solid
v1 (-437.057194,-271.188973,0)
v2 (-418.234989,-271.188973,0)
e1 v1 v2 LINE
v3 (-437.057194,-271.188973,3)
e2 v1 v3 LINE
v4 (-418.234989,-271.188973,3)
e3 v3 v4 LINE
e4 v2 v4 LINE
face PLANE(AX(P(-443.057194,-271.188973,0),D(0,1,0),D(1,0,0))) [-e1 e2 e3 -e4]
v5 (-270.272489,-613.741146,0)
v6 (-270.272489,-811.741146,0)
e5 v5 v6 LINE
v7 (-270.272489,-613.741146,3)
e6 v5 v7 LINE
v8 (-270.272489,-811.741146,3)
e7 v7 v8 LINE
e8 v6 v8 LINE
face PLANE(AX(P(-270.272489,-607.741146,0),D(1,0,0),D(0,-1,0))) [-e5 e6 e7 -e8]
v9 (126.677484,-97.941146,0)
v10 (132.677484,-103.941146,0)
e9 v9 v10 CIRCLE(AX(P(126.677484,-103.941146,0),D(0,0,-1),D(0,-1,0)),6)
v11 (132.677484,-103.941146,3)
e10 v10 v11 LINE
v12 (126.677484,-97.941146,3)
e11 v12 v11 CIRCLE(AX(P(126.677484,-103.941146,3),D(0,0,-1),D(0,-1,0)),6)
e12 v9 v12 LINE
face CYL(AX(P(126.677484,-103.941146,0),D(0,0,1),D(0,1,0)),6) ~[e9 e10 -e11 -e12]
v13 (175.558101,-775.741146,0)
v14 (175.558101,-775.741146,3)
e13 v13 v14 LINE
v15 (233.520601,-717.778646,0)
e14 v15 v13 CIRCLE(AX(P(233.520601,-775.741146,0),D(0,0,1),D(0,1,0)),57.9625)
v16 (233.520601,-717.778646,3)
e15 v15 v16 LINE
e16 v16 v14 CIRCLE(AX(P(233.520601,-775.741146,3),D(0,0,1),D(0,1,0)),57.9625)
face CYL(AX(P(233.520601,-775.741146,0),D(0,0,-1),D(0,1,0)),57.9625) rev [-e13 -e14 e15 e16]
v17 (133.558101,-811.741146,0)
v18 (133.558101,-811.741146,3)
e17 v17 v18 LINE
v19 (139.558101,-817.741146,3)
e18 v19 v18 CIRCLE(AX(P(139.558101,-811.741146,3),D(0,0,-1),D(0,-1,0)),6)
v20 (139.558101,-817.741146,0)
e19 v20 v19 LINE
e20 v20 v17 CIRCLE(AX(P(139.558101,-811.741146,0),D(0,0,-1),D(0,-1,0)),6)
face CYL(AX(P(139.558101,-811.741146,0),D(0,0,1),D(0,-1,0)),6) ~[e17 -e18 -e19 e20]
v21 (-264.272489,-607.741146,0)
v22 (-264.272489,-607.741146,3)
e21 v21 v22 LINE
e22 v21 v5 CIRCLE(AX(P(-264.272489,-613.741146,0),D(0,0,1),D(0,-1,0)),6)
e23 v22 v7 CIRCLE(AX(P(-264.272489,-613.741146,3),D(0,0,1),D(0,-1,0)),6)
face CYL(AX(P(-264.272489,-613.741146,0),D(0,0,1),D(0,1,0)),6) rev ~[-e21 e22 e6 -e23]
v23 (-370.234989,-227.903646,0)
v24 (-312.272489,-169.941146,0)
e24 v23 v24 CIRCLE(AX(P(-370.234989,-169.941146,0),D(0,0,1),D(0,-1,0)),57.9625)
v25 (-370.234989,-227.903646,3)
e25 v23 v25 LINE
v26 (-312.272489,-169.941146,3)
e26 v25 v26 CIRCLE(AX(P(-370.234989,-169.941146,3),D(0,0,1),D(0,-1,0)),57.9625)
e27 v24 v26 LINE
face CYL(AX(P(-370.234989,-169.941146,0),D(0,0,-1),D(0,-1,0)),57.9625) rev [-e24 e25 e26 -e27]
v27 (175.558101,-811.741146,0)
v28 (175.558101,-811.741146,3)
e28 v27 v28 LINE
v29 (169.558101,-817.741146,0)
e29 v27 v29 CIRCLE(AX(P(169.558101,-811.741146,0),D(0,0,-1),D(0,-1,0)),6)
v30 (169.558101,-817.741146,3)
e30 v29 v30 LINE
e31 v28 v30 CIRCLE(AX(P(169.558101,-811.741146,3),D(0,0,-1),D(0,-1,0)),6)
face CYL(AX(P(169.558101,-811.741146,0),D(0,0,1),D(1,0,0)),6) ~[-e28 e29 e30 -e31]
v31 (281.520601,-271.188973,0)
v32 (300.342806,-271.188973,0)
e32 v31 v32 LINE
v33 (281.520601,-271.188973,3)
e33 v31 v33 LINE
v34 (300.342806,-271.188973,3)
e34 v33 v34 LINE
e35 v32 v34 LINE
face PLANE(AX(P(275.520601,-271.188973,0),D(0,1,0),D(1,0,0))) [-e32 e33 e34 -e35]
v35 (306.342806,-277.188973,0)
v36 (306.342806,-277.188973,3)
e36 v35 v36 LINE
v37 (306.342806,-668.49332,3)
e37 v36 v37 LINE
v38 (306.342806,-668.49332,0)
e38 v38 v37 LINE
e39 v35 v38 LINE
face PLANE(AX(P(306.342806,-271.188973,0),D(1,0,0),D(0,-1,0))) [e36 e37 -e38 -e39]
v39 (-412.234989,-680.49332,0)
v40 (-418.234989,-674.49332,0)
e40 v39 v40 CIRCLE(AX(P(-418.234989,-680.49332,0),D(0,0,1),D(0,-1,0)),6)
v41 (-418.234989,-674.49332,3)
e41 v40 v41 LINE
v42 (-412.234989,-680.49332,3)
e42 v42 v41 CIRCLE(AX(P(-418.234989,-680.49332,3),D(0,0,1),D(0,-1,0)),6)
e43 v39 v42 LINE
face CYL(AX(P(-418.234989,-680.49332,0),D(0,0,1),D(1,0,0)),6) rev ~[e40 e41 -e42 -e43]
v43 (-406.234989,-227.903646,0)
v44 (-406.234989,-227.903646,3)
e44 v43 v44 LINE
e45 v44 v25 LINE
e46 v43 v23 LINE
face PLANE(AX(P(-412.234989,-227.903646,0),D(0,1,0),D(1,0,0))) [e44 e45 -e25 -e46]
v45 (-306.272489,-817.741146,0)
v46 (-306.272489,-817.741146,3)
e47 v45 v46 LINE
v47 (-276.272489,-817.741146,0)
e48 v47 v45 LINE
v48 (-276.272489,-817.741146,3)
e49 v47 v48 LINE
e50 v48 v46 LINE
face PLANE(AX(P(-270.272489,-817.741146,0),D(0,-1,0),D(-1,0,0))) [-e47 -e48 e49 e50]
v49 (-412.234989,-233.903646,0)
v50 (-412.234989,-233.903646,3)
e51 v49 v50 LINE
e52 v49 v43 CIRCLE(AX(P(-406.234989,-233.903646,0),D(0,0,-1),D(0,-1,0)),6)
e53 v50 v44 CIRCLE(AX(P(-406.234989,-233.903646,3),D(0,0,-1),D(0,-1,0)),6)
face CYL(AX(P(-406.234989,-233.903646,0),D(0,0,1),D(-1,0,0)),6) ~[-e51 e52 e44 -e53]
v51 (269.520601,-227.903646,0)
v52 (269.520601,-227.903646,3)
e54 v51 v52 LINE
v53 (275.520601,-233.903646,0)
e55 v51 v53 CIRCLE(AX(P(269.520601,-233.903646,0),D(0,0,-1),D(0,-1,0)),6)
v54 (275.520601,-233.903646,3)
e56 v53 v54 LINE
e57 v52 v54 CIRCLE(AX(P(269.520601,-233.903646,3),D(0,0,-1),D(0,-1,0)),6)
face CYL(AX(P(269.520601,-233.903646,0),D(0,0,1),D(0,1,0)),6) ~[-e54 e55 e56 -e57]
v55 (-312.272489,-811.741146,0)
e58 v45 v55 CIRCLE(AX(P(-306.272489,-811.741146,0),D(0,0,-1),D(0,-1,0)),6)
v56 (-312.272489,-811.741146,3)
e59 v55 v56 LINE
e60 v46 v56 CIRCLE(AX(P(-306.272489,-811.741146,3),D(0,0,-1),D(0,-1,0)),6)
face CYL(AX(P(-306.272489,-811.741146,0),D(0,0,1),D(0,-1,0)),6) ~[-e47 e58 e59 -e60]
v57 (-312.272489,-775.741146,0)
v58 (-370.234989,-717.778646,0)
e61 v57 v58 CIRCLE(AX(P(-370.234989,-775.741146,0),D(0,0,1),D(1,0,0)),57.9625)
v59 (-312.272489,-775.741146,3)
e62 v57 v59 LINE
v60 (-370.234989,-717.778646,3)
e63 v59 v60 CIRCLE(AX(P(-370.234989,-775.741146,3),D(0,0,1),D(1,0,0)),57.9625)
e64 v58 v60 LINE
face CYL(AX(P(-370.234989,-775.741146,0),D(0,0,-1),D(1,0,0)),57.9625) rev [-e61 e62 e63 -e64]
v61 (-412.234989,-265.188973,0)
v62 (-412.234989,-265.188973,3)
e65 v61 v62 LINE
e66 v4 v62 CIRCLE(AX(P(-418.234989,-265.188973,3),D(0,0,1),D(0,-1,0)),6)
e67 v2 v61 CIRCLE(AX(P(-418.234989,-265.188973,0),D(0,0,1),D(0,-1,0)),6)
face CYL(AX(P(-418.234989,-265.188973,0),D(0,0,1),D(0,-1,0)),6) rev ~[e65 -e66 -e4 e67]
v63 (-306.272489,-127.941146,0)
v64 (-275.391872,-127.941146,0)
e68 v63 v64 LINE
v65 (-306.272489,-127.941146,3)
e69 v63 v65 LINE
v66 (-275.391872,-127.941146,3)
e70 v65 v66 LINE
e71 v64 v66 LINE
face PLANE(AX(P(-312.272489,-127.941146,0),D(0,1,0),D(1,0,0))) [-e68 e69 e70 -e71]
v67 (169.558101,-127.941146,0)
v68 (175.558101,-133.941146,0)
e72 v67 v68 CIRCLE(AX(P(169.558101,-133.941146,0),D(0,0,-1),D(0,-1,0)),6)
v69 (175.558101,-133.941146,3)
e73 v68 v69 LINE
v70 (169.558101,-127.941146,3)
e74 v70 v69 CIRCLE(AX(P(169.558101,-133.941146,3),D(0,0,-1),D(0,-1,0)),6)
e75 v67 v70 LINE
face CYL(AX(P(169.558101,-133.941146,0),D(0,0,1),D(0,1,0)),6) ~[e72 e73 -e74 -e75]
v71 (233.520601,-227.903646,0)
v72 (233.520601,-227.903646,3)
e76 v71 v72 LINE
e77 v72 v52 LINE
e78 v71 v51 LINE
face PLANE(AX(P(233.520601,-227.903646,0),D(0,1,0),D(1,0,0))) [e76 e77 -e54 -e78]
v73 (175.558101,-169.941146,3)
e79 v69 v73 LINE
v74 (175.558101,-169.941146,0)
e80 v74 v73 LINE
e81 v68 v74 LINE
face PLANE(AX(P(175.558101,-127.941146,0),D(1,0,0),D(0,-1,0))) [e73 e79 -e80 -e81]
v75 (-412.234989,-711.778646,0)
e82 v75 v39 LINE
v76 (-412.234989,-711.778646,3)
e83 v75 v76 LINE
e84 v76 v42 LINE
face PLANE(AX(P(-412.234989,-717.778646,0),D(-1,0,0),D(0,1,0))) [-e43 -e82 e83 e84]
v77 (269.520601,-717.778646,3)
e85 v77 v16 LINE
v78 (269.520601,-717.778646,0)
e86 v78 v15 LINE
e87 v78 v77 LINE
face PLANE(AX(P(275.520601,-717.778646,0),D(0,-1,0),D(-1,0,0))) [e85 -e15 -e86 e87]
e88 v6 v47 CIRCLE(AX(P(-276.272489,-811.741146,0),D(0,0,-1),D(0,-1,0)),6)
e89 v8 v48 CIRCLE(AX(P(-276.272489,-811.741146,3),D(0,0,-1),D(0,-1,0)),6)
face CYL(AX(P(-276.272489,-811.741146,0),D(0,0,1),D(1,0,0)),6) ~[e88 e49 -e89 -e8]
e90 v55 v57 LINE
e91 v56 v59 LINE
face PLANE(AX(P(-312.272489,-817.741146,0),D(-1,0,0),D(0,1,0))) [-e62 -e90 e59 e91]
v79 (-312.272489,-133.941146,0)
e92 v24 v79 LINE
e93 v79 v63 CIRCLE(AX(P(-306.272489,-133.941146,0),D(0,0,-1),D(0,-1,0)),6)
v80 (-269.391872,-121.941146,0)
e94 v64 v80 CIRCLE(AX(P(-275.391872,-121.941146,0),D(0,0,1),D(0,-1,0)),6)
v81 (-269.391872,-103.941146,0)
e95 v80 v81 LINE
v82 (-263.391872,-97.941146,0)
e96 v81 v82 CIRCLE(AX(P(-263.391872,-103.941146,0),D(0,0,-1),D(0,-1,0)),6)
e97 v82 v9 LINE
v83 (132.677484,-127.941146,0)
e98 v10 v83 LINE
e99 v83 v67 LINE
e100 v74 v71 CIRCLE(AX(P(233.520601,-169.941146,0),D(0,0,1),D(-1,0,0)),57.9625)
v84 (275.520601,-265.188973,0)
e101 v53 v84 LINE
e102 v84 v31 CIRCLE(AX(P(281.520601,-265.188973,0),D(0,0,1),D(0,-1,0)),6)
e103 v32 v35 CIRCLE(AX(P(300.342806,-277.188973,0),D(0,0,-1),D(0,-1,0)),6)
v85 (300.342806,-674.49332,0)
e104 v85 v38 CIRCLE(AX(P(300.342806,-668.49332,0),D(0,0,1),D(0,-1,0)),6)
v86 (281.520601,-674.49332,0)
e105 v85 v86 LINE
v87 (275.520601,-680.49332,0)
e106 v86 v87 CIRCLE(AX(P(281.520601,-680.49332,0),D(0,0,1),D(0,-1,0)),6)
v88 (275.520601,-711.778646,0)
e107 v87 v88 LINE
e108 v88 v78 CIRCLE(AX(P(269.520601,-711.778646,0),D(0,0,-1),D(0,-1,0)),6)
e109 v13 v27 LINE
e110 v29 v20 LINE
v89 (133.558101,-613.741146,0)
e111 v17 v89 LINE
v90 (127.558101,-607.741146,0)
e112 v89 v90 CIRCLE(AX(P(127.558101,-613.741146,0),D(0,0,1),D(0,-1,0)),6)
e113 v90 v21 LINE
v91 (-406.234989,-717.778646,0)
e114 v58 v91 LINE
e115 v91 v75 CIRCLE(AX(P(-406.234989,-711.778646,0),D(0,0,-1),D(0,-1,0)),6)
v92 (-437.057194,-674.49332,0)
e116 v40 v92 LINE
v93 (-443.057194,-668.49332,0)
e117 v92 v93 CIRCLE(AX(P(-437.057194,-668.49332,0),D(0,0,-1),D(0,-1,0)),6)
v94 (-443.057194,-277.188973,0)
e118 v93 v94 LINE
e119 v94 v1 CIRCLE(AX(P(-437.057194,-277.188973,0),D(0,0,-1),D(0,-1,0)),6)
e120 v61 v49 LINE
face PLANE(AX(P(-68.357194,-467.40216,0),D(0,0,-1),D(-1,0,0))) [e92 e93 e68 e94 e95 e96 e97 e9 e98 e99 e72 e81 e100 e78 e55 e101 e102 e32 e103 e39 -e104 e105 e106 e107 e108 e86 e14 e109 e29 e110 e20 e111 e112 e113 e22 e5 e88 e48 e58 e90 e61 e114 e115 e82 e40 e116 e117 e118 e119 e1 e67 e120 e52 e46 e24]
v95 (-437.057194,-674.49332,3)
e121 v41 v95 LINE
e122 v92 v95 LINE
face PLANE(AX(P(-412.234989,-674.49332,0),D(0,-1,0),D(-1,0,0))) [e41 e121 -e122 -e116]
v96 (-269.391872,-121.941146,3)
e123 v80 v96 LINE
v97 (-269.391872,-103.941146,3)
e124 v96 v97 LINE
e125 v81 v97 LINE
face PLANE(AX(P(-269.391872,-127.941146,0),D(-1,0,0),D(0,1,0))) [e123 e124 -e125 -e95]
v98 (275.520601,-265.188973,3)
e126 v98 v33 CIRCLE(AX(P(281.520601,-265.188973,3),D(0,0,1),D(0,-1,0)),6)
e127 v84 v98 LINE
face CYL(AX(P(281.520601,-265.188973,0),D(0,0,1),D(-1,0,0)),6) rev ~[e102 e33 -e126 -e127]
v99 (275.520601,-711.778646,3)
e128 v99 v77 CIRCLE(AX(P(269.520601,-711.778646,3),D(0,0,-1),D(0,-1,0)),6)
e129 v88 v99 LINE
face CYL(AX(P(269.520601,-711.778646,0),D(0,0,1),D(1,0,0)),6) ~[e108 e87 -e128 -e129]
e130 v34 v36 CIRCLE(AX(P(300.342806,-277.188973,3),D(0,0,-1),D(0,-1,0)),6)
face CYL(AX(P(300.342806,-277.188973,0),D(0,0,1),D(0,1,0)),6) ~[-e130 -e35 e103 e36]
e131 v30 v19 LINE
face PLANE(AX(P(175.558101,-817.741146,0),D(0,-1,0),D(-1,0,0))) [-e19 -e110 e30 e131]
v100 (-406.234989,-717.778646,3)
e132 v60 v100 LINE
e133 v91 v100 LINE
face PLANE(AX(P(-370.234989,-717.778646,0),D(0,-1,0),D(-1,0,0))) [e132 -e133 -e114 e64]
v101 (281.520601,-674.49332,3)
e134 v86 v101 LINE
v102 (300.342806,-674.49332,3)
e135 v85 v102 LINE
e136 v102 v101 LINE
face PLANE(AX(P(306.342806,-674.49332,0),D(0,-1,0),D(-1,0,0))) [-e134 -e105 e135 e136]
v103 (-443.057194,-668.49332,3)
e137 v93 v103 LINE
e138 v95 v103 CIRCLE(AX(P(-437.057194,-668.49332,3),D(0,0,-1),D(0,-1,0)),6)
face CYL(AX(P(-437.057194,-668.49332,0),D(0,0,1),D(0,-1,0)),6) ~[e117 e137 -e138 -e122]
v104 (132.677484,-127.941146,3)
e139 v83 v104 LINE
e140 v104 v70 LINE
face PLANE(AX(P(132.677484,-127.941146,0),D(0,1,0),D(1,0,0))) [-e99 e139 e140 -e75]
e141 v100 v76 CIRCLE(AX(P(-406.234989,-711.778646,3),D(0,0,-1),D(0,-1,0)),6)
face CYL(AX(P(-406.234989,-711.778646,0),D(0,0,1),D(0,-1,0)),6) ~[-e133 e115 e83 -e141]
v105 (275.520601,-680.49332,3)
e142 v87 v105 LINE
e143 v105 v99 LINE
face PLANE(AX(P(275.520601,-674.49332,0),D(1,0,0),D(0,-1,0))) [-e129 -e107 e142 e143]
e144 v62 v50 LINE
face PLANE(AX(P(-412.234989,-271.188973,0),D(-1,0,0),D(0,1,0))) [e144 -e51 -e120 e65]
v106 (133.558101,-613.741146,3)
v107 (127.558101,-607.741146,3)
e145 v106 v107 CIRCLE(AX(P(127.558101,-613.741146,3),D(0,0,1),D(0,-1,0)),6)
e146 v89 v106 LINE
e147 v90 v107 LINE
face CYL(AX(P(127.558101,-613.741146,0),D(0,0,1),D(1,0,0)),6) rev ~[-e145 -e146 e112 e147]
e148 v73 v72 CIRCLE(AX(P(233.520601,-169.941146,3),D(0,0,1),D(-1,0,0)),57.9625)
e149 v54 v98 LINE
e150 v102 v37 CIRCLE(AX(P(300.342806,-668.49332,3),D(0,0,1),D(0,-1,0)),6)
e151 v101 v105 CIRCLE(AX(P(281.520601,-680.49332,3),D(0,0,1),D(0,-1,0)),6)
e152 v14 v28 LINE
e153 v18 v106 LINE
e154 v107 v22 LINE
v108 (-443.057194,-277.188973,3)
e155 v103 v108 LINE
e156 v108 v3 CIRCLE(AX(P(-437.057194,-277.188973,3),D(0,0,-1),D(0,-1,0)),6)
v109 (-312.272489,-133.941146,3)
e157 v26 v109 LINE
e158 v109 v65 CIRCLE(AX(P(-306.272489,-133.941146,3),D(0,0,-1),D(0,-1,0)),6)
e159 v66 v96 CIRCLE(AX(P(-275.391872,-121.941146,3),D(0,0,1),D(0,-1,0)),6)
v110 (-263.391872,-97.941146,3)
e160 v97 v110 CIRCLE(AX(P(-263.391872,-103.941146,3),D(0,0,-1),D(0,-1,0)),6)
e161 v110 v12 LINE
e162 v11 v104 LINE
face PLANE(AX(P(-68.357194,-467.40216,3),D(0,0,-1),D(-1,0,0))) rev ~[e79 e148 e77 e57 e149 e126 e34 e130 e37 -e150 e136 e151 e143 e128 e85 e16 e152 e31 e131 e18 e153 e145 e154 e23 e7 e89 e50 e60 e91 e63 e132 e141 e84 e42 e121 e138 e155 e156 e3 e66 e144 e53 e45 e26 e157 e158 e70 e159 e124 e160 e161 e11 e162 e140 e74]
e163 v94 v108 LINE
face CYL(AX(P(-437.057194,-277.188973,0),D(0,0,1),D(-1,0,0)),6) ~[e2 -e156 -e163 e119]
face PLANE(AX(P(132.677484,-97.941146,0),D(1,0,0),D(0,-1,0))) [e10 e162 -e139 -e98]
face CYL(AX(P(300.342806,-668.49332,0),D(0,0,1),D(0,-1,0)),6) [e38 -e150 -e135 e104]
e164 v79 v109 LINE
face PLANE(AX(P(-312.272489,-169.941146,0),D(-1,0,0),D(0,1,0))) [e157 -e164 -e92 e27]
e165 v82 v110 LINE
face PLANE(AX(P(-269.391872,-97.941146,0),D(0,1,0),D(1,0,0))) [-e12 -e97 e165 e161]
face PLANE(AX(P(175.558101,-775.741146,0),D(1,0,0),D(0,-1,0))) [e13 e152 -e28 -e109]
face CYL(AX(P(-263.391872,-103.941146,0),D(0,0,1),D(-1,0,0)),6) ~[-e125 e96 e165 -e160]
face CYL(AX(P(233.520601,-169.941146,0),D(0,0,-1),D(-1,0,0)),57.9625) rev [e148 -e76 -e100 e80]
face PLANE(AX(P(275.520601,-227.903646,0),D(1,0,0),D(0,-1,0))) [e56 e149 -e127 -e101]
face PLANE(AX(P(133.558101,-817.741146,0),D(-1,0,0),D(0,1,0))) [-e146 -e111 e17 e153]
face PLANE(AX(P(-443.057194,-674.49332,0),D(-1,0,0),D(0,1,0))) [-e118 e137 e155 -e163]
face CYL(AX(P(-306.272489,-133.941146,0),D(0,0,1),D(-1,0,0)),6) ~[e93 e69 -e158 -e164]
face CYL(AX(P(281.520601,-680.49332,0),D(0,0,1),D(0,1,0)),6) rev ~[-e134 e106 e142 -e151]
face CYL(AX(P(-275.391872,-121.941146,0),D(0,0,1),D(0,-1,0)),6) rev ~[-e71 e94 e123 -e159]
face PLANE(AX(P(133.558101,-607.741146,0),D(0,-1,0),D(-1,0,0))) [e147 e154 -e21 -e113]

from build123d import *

# Parameters (mm, degrees)
RESSALTO_EXTRUS_O1_DEPTH = 3
FILETE1_R                = 6


with BuildPart() as part:
    # Esboço1 → Ressalto-extrusão1 (new body)
    with BuildSketch(Plane.XY):
        with BuildLine():
            Line((306.342806047, -674.493319609), (275.520600999, -674.493319609))
            Line((275.520600999, -674.493319609), (275.520600999, -717.778646353))
            Line((275.520600999, -717.778646353), (233.520600999, -717.778646353))
            ThreePointArc((233.520600999, -717.778646353), (192.534924195, -734.755469548), (175.558100999, -775.741146353))
            Line((175.558100999, -775.741146353), (175.558100999, -817.741146353))
            Line((175.558100999, -817.741146353), (133.558100999, -817.741146353))
            Line((133.558100999, -817.741146353), (133.558100999, -607.741146353))
            Line((133.558100999, -607.741146353), (-270.272488906, -607.741146353))
            Line((-270.272488906, -607.741146353), (-270.272488906, -817.741146353))
            Line((-270.272488906, -817.741146353), (-312.272488906, -817.741146353))
            Line((-312.272488906, -817.741146353), (-312.272488906, -775.741146353))
            ThreePointArc((-312.272488906, -775.741146353), (-329.249312101, -734.755469548), (-370.234988906, -717.778646353))
            Line((-370.234988906, -717.778646353), (-412.234988906, -717.778646353))
            Line((-412.234988906, -717.778646353), (-412.234988906, -674.493319609))
            Line((-412.234988906, -674.493319609), (-443.057193953, -674.493319609))
            Line((-443.057193953, -674.493319609), (-443.057193953, -271.188973097))
            Line((-443.057193953, -271.188973097), (-412.234988906, -271.188973097))
            Line((-412.234988906, -271.188973097), (-412.234988906, -227.903646353))
            Line((-412.234988906, -227.903646353), (-370.234988906, -227.903646353))
            ThreePointArc((-370.234988906, -227.903646353), (-329.249312101, -210.926823158), (-312.272488906, -169.941146353))
            Line((-312.272488906, -169.941146353), (-312.272488906, -127.941146353))
            Line((-312.272488906, -127.941146353), (-270.272488906, -127.941146353))
            Line((-270.272488906, -127.941146353), (-269.391871615, -127.941146353))
            Line((-269.391871615, -127.941146353), (-269.391871615, -97.941146353))
            Line((-269.391871615, -97.941146353), (132.677483708, -97.941146353))
            Line((132.677483708, -97.941146353), (132.677483708, -127.941146353))
            Line((132.677483708, -127.941146353), (133.558100999, -127.941146353))
            Line((133.558100999, -127.941146353), (175.558100999, -127.941146353))
            Line((175.558100999, -127.941146353), (175.558100999, -169.941146353))
            ThreePointArc((175.558100999, -169.941146353), (192.534924195, -210.926823158), (233.520600999, -227.903646353))
            Line((233.520600999, -227.903646353), (275.520600999, -227.903646353))
            Line((275.520600999, -227.903646353), (275.520600999, -271.188973097))
            Line((275.520600999, -271.188973097), (306.342806047, -271.188973097))
            Line((306.342806047, -271.188973097), (306.342806047, -674.493319609))
        make_face()
    extrude(amount=RESSALTO_EXTRUS_O1_DEPTH)

    # Filete1
    filete1_edges = [part.edges().sort_by_distance(p)[0] for p in [
        (306.342806047, -674.493319609, 1.5),
        (275.520600999, -674.493319609, 1.5),
        (275.520600999, -717.778646353, 1.5),
        (175.558100999, -817.741146353, 1.5),
        (133.558100999, -817.741146353, 1.5),
        (133.558100999, -607.741146353, 1.5),
        (-270.272488906, -607.741146353, 1.5),
        (-270.272488906, -817.741146353, 1.5),
        (-312.272488906, -817.741146353, 1.5),
        (-412.234988906, -717.778646353, 1.5),
        (-412.234988906, -674.493319609, 1.5),
        (-443.057193953, -674.493319609, 1.5),
        (-443.057193953, -271.188973097, 1.5),
        (-412.234988906, -271.188973097, 1.5),
        (-412.234988906, -227.903646353, 1.5),
        (-312.272488906, -127.941146353, 1.5),
        (-269.391871615, -127.941146353, 1.5),
        (-269.391871615, -97.941146353, 1.5),
        (132.677483708, -97.941146353, 1.5),
        (175.558100999, -127.941146353, 1.5),
        (275.520600999, -227.903646353, 1.5),
        (275.520600999, -271.188973097, 1.5),
        (306.342806047, -271.188973097, 1.5),
    ]]
    fillet(filete1_edges, radius=FILETE1_R)


solid = part.part
